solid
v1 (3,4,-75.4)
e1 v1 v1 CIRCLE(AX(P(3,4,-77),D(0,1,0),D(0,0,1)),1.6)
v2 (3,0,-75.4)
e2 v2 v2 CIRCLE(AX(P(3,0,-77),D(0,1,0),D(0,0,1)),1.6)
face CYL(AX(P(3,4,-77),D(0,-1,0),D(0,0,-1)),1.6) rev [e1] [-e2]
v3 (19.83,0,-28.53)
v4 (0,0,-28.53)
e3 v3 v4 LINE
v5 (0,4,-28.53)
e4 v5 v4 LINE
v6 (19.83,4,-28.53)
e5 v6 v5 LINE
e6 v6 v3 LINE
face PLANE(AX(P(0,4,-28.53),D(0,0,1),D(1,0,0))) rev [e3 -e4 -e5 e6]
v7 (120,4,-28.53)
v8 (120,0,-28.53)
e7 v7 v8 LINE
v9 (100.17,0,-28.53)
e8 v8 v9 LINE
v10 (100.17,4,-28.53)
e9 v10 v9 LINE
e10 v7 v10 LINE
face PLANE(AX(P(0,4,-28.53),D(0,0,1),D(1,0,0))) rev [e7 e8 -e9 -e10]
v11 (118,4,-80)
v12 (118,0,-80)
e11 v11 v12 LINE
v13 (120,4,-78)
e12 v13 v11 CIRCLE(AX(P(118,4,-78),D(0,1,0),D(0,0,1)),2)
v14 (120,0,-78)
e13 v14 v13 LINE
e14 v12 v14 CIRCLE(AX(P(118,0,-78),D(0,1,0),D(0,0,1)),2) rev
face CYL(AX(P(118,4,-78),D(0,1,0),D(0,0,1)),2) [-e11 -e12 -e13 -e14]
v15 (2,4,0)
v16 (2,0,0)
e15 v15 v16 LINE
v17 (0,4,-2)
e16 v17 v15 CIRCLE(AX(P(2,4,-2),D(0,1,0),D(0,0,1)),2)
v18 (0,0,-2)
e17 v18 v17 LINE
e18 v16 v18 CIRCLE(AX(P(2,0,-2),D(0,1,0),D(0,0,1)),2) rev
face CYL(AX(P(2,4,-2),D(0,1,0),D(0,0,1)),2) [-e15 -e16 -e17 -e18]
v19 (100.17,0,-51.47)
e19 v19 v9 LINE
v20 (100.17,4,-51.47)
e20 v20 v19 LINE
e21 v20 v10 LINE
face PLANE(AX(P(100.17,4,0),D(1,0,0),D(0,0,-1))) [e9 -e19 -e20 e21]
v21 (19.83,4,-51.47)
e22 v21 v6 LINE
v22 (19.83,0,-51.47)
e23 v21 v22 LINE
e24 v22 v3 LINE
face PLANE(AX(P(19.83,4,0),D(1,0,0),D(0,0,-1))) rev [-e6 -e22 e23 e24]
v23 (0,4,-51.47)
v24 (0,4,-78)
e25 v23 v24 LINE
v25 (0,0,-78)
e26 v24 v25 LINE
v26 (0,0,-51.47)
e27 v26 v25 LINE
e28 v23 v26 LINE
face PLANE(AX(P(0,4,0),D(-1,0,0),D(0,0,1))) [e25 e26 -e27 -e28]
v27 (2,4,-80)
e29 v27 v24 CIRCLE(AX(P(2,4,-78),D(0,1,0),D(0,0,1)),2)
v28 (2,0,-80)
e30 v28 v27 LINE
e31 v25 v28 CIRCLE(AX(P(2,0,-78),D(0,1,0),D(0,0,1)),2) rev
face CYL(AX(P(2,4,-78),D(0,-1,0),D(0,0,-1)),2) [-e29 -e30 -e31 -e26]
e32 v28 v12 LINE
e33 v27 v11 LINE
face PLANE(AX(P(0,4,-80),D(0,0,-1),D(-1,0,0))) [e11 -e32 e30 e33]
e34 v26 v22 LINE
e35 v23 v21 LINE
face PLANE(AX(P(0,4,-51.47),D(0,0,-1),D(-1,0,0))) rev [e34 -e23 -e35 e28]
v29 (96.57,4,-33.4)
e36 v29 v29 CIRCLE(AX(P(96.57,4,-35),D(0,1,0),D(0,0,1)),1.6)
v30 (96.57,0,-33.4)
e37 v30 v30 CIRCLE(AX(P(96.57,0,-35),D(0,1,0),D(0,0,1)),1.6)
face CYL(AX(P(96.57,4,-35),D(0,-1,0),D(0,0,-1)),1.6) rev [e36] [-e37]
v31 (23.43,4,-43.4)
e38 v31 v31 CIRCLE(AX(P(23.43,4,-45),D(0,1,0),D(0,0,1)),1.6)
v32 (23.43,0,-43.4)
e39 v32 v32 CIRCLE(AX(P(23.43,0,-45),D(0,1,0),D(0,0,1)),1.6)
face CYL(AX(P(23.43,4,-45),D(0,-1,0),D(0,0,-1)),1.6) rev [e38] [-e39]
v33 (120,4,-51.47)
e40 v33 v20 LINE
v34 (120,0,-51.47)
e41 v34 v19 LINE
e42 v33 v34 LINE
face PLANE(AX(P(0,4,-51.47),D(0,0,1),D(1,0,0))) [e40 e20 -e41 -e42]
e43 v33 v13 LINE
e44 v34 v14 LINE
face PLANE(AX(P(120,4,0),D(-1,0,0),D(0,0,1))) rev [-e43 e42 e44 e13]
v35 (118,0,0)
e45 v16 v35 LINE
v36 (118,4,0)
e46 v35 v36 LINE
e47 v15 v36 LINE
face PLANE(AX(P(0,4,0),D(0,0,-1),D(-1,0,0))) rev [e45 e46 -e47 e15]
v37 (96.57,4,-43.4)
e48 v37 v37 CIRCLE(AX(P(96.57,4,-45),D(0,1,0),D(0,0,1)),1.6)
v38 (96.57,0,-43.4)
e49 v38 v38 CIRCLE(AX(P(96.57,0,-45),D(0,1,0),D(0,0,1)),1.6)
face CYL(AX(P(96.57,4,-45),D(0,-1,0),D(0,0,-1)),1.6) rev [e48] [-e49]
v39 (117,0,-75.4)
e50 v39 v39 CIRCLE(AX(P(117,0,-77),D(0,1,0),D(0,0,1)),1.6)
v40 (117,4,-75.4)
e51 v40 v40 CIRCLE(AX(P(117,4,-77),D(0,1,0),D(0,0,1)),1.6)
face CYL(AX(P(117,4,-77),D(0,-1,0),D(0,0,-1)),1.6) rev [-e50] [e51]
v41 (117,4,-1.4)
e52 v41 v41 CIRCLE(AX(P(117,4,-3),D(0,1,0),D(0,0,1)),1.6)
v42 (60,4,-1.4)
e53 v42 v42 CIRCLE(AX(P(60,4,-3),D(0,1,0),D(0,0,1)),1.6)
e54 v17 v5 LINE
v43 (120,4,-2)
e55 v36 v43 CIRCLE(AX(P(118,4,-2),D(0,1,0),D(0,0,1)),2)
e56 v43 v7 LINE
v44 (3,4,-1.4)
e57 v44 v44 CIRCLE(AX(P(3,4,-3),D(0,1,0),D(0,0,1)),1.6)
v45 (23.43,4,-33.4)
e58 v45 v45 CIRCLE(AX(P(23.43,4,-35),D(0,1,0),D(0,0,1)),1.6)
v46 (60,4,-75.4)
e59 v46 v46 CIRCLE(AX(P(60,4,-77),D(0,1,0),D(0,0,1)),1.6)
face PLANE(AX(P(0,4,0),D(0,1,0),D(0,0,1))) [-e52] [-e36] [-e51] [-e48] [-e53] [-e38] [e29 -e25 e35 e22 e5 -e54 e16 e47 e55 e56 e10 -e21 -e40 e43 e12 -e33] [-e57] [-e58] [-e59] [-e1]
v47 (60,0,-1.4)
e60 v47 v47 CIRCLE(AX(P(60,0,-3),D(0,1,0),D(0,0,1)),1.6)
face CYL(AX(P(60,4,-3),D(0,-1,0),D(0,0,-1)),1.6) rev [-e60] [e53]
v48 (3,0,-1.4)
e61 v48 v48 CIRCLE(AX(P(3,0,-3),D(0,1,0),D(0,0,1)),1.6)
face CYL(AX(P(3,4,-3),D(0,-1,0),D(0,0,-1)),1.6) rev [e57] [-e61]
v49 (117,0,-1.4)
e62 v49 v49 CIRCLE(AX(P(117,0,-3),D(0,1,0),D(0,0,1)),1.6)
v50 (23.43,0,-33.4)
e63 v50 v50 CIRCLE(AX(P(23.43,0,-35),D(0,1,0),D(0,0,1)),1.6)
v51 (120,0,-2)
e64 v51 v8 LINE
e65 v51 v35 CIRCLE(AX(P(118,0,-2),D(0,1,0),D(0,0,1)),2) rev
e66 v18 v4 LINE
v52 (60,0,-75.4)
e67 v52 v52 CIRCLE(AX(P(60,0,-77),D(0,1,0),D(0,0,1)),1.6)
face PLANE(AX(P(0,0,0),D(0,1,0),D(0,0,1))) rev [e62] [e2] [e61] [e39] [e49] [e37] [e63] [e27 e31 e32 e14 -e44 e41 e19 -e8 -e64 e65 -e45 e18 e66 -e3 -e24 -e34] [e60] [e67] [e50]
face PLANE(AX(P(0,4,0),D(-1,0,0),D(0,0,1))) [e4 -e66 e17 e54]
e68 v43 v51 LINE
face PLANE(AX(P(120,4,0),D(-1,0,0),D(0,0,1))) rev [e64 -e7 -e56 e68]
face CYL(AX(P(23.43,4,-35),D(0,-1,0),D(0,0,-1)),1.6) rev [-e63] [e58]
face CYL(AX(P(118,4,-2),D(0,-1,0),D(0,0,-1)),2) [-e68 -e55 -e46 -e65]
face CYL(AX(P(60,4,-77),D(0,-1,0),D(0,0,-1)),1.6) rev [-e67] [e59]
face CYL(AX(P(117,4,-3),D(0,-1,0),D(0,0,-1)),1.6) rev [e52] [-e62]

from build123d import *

# Parameters (mm, degrees)
SKETCH2_R           = 1.6
BOSS_EXTRUDE2_DEPTH = 4
FILLET1_R           = 2
FILLET2_R           = 2
FILLET3_R           = 2
FILLET4_R           = 2


with BuildPart() as part:
    # Sketch2 → Boss-Extrude2 (new body)
    with BuildSketch(Plane(origin=(0, 0, 0), x_dir=(1, 0, 0), z_dir=(0, 1, 0))):
        Polygon((0, 28.53), (0, 0), (120, 0), (120, 28.53), (100.17, 28.53), (100.17, 51.47), (120, 51.47), (120, 80), (0, 80), (0, 51.47), (19.83, 51.47), (19.83, 28.53), align=None)
        with Locations((3, 3)):
            Circle(SKETCH2_R, mode=Mode.SUBTRACT)
        with Locations((23.43, 35)):
            Circle(SKETCH2_R, mode=Mode.SUBTRACT)
        with Locations((60, 3)):
            Circle(SKETCH2_R, mode=Mode.SUBTRACT)
        with Locations((117, 3)):
            Circle(SKETCH2_R, mode=Mode.SUBTRACT)
        with Locations((96.57, 35)):
            Circle(SKETCH2_R, mode=Mode.SUBTRACT)
        with Locations((23.43, 45)):
            Circle(SKETCH2_R, mode=Mode.SUBTRACT)
        with Locations((3, 77)):
            Circle(SKETCH2_R, mode=Mode.SUBTRACT)
        with Locations((96.57, 45)):
            Circle(SKETCH2_R, mode=Mode.SUBTRACT)
        with Locations((60, 77)):
            Circle(SKETCH2_R, mode=Mode.SUBTRACT)
        with Locations((117, 77)):
            Circle(SKETCH2_R, mode=Mode.SUBTRACT)
    extrude(amount=BOSS_EXTRUDE2_DEPTH)

    # Fillet1
    fillet1_edges = [part.edges().sort_by_distance(p)[0] for p in [
        (0, 2, -80),
    ]]
    fillet(fillet1_edges, radius=FILLET1_R)

    # Fillet2
    fillet2_edges = [part.edges().sort_by_distance(p)[0] for p in [
        (120, 2, -80),
    ]]
    fillet(fillet2_edges, radius=FILLET2_R)

    # Fillet3
    fillet3_edges = [part.edges().sort_by_distance(p)[0] for p in [
        (120, 2, 0),
    ]]
    fillet(fillet3_edges, radius=FILLET3_R)

    # Fillet4
    fillet4_edges = [part.edges().sort_by_distance(p)[0] for p in [
        (0, 2, 0),
    ]]
    fillet(fillet4_edges, radius=FILLET4_R)


solid = part.part
